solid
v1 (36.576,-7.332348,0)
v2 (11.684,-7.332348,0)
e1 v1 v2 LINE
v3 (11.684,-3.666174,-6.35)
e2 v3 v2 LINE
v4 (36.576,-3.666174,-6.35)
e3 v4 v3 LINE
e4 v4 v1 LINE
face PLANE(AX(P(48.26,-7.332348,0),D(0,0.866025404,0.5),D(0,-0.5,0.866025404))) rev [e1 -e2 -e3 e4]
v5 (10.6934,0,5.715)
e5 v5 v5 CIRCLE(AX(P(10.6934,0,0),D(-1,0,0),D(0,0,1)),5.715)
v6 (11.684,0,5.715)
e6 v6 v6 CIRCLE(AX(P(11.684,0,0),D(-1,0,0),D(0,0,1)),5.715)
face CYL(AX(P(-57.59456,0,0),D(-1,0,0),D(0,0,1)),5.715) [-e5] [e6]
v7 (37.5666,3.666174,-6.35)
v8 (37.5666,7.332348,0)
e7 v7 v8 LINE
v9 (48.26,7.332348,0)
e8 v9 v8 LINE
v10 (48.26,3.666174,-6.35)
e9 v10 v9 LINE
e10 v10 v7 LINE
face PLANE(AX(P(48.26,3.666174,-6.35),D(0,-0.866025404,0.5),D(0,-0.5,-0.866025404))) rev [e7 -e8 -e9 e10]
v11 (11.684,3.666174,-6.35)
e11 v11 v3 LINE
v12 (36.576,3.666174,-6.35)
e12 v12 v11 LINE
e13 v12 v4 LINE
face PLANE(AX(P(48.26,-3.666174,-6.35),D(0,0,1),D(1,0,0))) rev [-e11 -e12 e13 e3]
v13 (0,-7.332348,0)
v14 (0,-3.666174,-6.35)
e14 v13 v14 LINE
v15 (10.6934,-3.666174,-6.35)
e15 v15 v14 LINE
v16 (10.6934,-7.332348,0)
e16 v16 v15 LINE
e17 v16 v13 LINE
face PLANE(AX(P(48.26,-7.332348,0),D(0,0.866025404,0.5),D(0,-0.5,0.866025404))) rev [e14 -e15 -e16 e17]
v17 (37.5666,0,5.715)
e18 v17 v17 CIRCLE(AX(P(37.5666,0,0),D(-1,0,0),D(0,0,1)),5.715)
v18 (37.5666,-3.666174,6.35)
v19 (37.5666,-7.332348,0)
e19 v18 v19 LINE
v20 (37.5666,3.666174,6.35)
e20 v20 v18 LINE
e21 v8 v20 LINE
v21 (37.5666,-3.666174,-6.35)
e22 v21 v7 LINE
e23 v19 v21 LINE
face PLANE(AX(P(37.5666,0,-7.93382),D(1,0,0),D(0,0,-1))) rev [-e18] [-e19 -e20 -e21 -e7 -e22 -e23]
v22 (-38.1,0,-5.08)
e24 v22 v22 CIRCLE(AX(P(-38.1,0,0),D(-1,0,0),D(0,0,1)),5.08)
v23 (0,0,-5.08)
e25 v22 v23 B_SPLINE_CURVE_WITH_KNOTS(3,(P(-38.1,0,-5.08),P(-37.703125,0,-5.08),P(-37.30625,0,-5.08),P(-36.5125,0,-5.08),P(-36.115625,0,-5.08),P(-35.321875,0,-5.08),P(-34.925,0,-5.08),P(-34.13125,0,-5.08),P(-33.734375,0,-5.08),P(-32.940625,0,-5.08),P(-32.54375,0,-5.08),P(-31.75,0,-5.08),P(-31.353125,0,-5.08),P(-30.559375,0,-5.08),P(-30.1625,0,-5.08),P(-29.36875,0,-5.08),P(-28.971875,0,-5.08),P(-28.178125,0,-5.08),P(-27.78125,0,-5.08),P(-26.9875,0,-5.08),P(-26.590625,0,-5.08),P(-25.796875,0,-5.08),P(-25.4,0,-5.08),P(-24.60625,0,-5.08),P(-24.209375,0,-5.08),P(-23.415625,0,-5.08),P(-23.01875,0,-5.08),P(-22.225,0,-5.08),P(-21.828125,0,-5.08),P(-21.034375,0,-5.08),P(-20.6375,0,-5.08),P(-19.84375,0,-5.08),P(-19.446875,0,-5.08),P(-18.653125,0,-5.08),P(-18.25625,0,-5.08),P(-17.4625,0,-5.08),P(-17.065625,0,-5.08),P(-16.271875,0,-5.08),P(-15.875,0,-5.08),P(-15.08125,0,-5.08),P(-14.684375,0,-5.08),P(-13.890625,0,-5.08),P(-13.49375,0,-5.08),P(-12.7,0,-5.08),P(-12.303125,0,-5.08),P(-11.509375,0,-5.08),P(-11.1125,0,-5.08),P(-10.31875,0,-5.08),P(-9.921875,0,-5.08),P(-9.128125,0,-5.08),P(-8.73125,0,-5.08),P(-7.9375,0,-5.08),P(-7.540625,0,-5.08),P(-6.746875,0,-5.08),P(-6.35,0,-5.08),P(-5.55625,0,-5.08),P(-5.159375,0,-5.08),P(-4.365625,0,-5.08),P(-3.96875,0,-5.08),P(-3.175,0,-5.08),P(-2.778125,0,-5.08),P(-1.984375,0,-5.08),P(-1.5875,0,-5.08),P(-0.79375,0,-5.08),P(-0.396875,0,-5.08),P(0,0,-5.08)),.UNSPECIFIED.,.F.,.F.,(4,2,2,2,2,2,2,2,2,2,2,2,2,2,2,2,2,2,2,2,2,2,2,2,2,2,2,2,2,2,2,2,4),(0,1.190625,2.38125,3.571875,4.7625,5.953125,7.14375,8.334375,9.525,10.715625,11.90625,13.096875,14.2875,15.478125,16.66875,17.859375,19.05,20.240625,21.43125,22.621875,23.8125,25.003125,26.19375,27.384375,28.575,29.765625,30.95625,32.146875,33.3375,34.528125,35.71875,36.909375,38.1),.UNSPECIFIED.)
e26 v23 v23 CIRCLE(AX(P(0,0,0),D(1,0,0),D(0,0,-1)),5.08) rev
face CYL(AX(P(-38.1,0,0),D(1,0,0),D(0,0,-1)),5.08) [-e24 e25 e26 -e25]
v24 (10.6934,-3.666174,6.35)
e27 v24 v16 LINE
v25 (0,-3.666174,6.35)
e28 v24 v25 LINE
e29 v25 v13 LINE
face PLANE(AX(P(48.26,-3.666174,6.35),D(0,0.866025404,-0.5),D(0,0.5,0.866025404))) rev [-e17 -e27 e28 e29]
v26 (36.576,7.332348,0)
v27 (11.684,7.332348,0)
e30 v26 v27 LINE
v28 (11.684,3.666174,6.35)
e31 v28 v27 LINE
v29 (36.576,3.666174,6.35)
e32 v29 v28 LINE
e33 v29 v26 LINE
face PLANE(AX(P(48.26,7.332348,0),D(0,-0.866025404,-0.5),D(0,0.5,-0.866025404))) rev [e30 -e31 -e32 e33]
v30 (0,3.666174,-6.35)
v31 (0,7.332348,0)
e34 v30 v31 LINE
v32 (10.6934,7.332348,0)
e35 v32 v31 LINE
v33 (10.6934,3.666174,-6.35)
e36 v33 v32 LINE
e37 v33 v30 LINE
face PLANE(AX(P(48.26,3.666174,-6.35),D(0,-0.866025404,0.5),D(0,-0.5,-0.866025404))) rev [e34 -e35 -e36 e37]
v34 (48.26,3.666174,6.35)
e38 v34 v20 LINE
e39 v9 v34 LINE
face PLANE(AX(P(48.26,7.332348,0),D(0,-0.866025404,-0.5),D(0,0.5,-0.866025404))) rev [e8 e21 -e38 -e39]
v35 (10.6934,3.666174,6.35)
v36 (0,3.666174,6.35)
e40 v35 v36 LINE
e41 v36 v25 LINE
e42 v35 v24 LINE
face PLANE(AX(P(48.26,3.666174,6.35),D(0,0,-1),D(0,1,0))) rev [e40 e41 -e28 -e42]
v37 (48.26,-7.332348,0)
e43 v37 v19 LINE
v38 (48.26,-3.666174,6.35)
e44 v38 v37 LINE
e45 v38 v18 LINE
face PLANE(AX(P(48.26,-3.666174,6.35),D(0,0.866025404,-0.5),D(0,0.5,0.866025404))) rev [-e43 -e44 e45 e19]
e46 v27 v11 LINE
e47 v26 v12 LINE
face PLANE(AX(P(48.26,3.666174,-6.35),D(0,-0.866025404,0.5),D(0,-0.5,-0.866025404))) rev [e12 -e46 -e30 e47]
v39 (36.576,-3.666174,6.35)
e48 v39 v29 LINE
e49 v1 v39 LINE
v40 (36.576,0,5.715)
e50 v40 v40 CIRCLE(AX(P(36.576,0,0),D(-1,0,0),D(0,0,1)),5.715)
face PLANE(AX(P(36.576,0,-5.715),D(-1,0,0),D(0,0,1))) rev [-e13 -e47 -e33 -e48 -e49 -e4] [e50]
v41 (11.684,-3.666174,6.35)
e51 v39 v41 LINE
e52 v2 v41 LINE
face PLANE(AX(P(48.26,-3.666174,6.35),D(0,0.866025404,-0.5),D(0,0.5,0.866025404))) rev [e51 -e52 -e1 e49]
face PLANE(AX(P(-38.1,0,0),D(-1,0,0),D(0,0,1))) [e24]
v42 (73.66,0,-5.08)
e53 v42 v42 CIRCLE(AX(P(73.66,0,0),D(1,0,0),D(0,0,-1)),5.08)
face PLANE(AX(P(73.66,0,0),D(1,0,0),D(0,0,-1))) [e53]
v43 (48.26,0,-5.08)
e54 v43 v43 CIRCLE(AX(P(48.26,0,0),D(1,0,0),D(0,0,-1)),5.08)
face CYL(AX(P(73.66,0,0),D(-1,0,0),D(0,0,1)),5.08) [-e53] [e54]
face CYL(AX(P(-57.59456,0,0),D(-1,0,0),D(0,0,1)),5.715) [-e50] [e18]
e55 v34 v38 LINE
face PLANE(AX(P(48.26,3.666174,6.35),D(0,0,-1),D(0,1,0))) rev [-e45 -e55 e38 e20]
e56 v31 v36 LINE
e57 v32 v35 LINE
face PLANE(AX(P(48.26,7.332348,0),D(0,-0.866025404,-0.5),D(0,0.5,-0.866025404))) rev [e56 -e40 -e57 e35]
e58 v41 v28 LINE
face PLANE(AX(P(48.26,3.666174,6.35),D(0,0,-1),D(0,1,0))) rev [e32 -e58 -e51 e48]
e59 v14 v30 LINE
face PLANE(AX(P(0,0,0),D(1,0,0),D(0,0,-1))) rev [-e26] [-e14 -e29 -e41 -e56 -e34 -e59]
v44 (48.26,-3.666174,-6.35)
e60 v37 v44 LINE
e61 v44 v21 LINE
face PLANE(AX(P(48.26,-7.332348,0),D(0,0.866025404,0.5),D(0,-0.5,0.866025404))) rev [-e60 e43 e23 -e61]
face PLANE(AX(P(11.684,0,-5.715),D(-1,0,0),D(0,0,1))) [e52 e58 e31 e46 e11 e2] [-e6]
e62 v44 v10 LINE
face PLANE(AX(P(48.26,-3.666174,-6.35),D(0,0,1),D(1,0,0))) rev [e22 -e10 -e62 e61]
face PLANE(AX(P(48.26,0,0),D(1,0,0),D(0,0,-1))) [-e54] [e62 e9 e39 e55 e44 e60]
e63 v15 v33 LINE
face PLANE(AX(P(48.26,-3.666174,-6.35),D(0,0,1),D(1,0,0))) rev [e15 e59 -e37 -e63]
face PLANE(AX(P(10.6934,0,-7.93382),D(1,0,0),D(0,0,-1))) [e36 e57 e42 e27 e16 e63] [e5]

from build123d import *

# Parameters (mm, degrees)
BOSS_EXTRUDE1_DEPTH = 48.26
SKETCH4_R           = 5.08
BOSS_EXTRUDE2_DEPTH = 38.1
BOSS_EXTRUDE3_START = 25.4
SKETCH5_R           = 5.08
BOSS_EXTRUDE3_DEPTH = 25.4
SKETCH3_W           = 0.9906
SKETCH3_H           = 2.218819971


with BuildPart() as part:
    # Sketch1 → Boss-Extrude1 (new body)
    with BuildSketch(Plane(origin=(0, 0, 0), x_dir=(0, 0, -1), z_dir=(1, 0, 0))):
        Polygon((0, -7.332348419), (6.35, -3.666174209), (6.35, 3.666174209), (0, 7.332348419), (-6.35, 3.666174209), (-6.35, -3.666174209), align=None)
    extrude(amount=BOSS_EXTRUDE1_DEPTH)

    # Sketch4 → Boss-Extrude2 (add)
    with BuildSketch(Plane.ZY):
        with Locations(Location((0, 0, 0), (0, 0, 180))):
            Circle(SKETCH4_R)
    extrude(amount=BOSS_EXTRUDE2_DEPTH)

    # Sketch5 → Boss-Extrude3 (add)
    with BuildSketch(Plane(origin=(48.26, 0, 0), x_dir=(0, 0, -1), z_dir=(1, 0, 0)).offset(BOSS_EXTRUDE3_START)):
        Circle(SKETCH5_R)
    extrude(amount=-BOSS_EXTRUDE3_DEPTH)

    # Sketch3 → Cut-Revolve2 (revolve, cut)
    with BuildSketch(Plane(origin=(0, 0, 0), x_dir=(1, 0, 0), z_dir=(0, 1, 0)), mode=Mode.PRIVATE) as cut_revolve2_sk:
        with Locations((37.0713, 6.824409986)):
            Rectangle(SKETCH3_W, SKETCH3_H)
        with Locations((11.1887, 6.824409986)):
            Rectangle(SKETCH3_W, SKETCH3_H)
    revolve(cut_revolve2_sk.sketch.rotate(Axis((-57.594560376, 0, 0), (1, 0, 0)), 180), axis=Axis((-57.594560376, 0, 0), (1, 0, 0)), mode=Mode.SUBTRACT)


solid = part.part
